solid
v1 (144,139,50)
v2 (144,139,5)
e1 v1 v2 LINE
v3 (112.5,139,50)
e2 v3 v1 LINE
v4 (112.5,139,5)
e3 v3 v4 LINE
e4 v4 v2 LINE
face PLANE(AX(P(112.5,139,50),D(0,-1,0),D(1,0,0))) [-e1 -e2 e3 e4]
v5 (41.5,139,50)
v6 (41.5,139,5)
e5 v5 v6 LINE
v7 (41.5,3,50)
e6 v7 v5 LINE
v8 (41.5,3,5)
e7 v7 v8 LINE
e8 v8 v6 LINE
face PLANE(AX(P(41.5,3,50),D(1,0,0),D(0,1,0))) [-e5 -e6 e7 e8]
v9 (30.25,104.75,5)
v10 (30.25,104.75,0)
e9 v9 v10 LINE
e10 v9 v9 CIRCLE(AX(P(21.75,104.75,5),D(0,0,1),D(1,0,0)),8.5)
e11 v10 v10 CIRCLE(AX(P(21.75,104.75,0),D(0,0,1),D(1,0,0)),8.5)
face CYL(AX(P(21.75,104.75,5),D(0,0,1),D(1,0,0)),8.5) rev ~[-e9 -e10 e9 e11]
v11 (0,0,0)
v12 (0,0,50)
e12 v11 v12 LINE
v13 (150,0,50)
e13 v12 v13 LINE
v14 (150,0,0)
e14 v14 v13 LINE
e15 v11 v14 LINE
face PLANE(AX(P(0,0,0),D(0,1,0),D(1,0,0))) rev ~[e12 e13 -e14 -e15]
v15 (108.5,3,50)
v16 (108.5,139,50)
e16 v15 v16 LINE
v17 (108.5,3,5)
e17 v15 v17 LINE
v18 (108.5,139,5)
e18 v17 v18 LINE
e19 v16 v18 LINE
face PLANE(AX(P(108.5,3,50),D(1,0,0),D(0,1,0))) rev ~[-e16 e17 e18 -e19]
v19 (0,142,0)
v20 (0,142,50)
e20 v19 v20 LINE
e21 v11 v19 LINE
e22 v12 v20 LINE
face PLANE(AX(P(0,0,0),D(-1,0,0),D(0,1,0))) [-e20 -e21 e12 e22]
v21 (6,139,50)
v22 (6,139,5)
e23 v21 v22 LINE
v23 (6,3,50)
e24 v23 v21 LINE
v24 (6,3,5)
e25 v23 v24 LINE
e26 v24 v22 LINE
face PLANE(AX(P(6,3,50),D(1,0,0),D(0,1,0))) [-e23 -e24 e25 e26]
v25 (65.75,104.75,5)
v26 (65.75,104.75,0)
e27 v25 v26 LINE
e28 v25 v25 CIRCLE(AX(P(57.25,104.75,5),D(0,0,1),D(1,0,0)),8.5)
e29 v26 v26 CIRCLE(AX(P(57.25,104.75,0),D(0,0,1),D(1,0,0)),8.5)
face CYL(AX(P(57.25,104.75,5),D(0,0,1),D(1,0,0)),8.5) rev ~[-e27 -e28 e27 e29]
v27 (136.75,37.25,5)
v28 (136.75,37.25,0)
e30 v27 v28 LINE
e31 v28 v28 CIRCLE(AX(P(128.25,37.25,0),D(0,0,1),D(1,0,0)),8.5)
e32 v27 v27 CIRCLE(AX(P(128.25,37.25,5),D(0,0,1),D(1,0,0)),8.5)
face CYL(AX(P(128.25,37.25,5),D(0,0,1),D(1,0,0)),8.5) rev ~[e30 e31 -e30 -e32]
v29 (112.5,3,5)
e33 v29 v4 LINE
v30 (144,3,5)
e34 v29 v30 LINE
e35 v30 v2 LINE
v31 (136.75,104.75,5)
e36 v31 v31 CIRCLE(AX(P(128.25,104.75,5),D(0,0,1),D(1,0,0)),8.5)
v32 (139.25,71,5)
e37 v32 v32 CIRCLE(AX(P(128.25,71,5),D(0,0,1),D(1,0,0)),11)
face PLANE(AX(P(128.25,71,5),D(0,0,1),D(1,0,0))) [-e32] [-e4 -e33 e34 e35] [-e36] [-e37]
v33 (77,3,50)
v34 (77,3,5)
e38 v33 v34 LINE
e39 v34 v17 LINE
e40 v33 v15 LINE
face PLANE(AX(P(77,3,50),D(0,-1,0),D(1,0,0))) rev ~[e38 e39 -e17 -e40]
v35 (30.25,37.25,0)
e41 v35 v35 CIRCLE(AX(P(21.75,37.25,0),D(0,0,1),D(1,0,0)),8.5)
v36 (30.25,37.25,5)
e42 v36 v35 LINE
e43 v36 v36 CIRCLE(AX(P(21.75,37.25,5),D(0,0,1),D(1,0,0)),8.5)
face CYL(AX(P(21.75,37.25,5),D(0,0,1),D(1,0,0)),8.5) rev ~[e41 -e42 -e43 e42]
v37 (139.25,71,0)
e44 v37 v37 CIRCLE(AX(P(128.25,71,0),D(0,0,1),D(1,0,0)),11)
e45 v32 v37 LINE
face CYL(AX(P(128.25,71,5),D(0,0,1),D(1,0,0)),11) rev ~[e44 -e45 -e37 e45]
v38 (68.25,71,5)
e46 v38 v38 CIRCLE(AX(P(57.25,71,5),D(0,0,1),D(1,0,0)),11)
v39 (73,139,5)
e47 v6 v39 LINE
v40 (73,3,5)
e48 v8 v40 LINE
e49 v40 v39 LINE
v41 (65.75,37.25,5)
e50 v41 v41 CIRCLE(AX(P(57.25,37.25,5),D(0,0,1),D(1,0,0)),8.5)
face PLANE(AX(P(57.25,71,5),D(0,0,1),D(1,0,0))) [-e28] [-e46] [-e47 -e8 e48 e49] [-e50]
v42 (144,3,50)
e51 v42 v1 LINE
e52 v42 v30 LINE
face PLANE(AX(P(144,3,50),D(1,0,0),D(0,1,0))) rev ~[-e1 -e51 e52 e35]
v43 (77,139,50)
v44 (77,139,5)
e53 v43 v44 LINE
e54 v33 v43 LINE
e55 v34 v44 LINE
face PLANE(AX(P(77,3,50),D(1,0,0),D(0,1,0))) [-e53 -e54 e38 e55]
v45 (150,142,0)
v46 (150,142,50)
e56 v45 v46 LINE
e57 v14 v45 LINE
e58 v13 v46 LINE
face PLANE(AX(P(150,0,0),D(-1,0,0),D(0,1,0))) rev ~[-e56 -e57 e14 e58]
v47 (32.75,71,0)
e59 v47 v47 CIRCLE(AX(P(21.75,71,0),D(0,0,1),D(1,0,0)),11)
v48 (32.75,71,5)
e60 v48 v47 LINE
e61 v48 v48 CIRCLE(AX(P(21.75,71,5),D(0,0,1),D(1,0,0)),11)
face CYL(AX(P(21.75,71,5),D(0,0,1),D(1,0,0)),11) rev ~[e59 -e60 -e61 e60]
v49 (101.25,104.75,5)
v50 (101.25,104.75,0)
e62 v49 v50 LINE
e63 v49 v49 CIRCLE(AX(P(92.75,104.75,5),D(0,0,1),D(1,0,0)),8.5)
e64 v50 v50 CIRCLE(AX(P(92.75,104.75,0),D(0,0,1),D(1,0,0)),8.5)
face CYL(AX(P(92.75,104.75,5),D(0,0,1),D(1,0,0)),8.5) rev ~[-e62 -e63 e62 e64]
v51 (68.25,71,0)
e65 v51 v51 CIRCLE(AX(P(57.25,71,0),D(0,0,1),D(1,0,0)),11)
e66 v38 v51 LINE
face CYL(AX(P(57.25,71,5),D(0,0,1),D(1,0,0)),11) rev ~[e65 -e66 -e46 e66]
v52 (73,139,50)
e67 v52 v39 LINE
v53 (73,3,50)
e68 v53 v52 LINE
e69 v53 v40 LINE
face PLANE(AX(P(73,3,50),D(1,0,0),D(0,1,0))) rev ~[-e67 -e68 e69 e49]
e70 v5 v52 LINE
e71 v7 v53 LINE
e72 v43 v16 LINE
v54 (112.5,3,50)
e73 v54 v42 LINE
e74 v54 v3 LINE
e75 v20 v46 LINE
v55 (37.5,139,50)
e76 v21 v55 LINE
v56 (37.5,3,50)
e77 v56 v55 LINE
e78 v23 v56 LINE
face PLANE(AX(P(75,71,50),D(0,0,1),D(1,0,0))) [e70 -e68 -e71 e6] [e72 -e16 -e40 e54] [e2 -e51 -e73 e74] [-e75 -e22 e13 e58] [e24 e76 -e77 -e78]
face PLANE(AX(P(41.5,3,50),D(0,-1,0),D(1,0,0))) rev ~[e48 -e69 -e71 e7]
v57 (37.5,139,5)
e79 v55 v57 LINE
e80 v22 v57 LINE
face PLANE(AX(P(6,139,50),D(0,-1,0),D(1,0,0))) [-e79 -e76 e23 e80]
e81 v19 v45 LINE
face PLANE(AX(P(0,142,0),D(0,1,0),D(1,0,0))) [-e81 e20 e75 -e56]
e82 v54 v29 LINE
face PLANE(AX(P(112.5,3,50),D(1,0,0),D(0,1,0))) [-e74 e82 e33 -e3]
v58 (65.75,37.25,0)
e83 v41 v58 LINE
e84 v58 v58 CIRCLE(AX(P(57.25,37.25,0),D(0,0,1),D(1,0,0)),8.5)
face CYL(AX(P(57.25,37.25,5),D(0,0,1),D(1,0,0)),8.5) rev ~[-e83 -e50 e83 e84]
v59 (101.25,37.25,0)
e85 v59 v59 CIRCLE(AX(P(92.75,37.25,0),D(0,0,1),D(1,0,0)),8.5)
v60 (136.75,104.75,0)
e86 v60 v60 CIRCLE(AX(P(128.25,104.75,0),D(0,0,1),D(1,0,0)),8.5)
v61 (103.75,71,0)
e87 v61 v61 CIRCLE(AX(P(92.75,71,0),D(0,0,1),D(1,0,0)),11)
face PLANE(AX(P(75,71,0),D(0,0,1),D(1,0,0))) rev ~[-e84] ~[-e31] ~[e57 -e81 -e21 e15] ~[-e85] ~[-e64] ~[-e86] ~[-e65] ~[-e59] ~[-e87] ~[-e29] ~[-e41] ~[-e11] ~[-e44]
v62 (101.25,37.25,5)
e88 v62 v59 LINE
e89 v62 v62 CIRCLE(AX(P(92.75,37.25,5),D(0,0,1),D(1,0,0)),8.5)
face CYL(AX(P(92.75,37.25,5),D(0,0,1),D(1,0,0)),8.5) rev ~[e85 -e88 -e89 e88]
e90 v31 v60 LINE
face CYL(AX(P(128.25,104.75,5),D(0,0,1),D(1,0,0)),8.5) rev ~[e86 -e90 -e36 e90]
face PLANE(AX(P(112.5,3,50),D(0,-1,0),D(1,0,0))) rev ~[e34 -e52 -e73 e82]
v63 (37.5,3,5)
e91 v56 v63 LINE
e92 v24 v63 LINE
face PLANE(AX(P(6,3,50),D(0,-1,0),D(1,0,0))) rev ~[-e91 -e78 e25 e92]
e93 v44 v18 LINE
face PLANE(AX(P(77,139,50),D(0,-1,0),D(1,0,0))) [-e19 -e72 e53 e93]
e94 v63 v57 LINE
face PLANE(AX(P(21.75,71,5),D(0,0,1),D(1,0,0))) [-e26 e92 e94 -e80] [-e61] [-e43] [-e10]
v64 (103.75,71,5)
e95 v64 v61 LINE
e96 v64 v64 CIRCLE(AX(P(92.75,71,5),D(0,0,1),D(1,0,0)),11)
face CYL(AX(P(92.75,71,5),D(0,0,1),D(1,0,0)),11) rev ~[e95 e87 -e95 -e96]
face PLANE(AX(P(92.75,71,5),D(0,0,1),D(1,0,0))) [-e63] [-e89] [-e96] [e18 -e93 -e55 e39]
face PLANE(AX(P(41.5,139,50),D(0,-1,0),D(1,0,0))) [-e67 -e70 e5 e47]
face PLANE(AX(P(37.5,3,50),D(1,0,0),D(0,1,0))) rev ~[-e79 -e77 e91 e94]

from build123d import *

# Parameters (mm, degrees)
SKETCH_W        = 150
SKETCH_H        = 142
PAD_DEPTH       = 50
SKETCH001_W     = 31.5
SKETCH001_H     = 136
POCKET_DEPTH    = 45
SKETCH002_R     = 8.5
SKETCH002_R_2   = 11
POCKET001_DEPTH = 5


with BuildPart() as part:
    # Sketch → Pad (new body)
    with BuildSketch(Plane.XY):
        with Locations((75, 71)):
            Rectangle(SKETCH_W, SKETCH_H)
    extrude(amount=PAD_DEPTH)

    # Sketch001 → Pocket (cut)
    with BuildSketch(Plane.XY.offset(50)):
        with Locations((21.75, 71)):
            Rectangle(SKETCH001_W, SKETCH001_H)
        with Locations((57.25, 71)):
            Rectangle(SKETCH001_W, SKETCH001_H)
        with Locations((92.75, 71)):
            Rectangle(SKETCH001_W, SKETCH001_H)
        with Locations((128.25, 71)):
            Rectangle(SKETCH001_W, SKETCH001_H)
    extrude(amount=-POCKET_DEPTH, mode=Mode.SUBTRACT)

    # Sketch002 → Pocket001 (cut)
    with BuildSketch(Plane.XY.offset(5)):
        with Locations((21.75, 37.25)):
            Circle(SKETCH002_R)
        with Locations((21.75, 71)):
            Circle(SKETCH002_R_2)
        with Locations((21.75, 104.75)):
            Circle(SKETCH002_R)
        with Locations((57.25, 37.25)):
            Circle(SKETCH002_R)
        with Locations((57.25, 71)):
            Circle(SKETCH002_R_2)
        with Locations((57.25, 104.75)):
            Circle(SKETCH002_R)
        with Locations((92.75, 37.25)):
            Circle(SKETCH002_R)
        with Locations((92.75, 71)):
            Circle(SKETCH002_R_2)
        with Locations((92.75, 104.75)):
            Circle(SKETCH002_R)
        with Locations((128.25, 37.25)):
            Circle(SKETCH002_R)
        with Locations((128.25, 71)):
            Circle(SKETCH002_R_2)
        with Locations((128.25, 104.75)):
            Circle(SKETCH002_R)
    extrude(amount=-POCKET001_DEPTH, mode=Mode.SUBTRACT)


solid = part.part
